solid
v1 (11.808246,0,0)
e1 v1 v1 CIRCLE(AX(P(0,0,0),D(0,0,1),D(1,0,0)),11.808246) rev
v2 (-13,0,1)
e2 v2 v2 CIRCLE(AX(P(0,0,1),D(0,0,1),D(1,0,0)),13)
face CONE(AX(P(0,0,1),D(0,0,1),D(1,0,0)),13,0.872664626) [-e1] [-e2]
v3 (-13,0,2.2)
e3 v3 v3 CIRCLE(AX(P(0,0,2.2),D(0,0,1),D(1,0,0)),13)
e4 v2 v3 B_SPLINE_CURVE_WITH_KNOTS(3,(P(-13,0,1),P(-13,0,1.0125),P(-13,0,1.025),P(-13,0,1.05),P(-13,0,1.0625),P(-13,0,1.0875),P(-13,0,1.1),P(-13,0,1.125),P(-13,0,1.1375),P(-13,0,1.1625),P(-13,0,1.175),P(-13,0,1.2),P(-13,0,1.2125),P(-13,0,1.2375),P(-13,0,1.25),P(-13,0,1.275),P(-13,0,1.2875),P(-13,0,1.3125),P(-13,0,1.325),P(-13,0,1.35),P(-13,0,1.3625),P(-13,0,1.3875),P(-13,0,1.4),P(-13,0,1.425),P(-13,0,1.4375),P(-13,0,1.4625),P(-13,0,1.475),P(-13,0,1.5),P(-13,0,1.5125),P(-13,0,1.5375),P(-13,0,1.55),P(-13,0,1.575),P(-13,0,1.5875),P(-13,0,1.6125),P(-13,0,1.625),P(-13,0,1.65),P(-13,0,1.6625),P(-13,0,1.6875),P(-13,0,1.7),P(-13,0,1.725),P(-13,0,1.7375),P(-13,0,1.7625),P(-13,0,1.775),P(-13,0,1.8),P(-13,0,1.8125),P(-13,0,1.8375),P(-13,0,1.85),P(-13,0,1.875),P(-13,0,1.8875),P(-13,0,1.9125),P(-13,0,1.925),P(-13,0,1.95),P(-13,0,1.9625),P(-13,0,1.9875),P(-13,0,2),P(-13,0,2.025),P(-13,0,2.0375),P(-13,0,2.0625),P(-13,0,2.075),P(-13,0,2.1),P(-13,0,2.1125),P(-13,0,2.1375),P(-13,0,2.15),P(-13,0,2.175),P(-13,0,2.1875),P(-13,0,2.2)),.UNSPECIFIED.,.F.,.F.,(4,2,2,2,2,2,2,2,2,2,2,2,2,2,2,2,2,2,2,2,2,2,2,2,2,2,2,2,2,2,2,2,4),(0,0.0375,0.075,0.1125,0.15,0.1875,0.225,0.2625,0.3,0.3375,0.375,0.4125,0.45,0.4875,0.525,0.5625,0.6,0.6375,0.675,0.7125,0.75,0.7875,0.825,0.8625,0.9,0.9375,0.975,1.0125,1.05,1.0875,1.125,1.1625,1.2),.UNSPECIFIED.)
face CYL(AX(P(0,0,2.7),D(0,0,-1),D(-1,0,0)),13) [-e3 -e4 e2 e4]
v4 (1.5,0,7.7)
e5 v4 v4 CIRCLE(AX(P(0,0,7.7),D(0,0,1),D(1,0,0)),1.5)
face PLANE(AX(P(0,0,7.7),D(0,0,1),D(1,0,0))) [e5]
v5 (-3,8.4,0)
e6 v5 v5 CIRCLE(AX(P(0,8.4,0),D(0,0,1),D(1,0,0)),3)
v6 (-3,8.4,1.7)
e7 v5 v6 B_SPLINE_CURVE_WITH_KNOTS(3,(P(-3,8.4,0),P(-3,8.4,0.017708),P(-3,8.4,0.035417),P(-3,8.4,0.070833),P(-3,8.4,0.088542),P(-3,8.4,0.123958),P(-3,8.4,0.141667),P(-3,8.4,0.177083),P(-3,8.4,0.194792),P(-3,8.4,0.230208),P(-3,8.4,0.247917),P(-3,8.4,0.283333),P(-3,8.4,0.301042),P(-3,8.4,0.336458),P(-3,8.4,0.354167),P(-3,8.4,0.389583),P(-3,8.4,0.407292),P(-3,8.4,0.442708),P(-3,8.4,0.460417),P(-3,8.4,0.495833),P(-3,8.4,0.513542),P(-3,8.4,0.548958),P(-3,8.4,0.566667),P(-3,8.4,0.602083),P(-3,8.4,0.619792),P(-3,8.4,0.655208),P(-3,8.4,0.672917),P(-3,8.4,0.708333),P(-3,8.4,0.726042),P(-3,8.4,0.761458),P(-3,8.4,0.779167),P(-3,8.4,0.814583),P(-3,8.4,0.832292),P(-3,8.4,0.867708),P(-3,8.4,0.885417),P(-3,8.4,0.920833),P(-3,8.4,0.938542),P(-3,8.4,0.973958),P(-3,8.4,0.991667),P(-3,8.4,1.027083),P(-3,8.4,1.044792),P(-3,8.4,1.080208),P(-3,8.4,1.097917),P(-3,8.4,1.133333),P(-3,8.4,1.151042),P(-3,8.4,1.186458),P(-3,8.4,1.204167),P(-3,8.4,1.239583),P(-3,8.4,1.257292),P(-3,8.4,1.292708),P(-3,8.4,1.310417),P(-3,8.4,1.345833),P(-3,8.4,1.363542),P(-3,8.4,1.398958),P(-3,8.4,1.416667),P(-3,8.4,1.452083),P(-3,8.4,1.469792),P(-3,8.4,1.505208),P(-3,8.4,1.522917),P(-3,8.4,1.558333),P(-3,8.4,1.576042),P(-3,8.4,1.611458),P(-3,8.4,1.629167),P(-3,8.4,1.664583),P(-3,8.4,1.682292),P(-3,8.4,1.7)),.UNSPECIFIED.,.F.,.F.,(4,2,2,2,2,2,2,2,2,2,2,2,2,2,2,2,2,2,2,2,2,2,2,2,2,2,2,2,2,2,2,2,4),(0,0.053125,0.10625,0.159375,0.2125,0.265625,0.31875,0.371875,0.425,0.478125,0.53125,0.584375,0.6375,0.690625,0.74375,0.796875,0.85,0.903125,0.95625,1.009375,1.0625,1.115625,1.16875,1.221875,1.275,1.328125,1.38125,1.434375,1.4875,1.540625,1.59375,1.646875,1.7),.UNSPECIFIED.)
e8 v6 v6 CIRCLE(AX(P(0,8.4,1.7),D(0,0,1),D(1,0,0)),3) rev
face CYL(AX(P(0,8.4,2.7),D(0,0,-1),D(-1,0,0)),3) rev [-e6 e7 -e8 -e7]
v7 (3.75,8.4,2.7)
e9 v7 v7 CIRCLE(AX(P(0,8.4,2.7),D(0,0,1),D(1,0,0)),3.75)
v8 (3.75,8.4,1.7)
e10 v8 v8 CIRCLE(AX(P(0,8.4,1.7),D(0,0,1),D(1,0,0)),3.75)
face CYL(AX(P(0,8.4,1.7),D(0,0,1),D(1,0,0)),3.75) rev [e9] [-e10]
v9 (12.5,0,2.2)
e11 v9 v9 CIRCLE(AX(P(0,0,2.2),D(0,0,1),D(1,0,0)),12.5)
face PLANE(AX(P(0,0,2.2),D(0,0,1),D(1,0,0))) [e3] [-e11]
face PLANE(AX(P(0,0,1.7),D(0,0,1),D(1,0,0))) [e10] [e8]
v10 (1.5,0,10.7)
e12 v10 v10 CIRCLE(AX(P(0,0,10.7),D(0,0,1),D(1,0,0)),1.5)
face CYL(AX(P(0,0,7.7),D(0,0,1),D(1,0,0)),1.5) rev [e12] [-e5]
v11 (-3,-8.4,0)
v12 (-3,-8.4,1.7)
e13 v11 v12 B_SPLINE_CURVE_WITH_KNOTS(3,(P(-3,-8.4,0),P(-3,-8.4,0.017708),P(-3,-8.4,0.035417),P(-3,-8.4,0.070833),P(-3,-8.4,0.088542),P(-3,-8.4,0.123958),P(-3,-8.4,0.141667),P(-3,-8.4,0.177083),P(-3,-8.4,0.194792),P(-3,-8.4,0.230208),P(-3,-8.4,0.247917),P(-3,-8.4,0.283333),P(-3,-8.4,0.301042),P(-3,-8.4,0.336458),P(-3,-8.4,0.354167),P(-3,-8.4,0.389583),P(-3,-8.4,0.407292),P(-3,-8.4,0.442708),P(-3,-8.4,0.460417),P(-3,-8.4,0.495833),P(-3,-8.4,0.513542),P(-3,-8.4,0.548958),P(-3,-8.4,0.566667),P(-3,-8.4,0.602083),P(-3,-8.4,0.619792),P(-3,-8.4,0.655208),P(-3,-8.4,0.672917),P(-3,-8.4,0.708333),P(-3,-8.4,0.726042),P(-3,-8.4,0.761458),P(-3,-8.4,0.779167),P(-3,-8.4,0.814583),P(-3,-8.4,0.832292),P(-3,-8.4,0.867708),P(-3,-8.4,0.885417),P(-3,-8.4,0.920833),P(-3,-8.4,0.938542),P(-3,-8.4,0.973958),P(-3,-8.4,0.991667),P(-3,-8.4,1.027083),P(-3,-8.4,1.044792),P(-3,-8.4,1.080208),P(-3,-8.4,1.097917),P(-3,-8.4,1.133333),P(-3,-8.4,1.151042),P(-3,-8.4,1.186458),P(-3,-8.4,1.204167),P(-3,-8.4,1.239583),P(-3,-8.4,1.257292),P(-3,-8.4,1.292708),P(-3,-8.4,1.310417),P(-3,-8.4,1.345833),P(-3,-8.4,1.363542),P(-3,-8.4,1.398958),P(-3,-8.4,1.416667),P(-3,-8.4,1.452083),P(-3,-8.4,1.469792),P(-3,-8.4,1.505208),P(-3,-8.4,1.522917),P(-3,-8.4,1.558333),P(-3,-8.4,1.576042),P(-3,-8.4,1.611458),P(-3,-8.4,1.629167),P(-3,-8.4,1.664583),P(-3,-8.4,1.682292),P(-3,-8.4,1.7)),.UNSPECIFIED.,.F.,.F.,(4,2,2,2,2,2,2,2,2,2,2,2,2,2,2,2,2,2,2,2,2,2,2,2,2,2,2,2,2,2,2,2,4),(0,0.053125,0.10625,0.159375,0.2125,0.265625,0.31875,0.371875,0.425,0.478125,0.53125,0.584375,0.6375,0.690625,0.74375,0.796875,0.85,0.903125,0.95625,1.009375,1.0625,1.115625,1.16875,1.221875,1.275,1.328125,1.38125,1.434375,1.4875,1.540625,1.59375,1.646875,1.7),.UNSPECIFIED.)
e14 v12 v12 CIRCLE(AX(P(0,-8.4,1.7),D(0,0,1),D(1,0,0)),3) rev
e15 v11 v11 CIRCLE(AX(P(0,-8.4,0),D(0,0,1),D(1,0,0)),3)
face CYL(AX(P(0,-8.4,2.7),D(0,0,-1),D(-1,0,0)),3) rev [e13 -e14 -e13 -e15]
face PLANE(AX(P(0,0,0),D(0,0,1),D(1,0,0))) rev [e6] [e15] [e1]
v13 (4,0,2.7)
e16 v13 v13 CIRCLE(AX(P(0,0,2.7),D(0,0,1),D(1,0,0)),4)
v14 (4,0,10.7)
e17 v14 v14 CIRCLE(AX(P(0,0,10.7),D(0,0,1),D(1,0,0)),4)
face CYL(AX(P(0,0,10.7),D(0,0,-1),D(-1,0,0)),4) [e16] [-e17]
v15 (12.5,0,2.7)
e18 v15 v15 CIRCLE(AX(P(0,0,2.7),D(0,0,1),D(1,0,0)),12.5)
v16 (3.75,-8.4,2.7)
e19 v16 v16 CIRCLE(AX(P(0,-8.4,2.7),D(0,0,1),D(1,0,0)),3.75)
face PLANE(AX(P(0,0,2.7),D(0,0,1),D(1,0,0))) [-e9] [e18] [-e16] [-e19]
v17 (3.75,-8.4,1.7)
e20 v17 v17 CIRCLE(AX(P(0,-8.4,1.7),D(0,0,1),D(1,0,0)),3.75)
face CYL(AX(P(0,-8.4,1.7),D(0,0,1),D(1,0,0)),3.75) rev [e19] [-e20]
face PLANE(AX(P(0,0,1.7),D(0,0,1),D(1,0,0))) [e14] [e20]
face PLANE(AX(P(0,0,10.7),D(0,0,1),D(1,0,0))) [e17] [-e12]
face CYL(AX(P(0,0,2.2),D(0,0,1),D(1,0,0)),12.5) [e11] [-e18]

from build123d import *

# Parameters (mm, degrees)
ESQUISSE1_R             = 13
ESQUISSE1_R_2           = 3
BOSS_EXTRU_1_DEPTH      = 2.7
CHANFREIN1_SIZE         = 1
CHANFREIN1_SIZE2        = 1.191753593
ESQUISSE3_R             = 3.75
ENL_V_MAT_EXTRU_1_DEPTH = 1
ESQUISSE5_R             = 17.5
ESQUISSE5_R_2           = 12.5
ENL_V_MAT_EXTRU_3_DEPTH = 0.5
ESQUISSE7_R             = 4
BOSS_EXTRU_2_DEPTH      = 8
ESQUISSE8_R             = 1.5
ENL_V_MAT_EXTRU_5_DEPTH = 3


with BuildPart() as part:
    # Esquisse1 → Boss.-Extru.1 (new body)
    with BuildSketch(Plane.XY):
        Circle(ESQUISSE1_R)
        with Locations((0, -8.4)):
            Circle(ESQUISSE1_R_2, mode=Mode.SUBTRACT)
        with Locations((0, 8.4)):
            Circle(ESQUISSE1_R_2, mode=Mode.SUBTRACT)
    extrude(amount=BOSS_EXTRU_1_DEPTH)

    # Chanfrein1
    chanfrein1_edges = [part.edges().sort_by_distance(p)[0] for p in [
        (-13, 0, 0),
    ]]
    chanfrein1_side = [part.faces().sort_by_distance(p)[0] for p in [
        (-13, 0, 1.35),
    ]]
    chamfer(chanfrein1_edges, length=CHANFREIN1_SIZE, length2=CHANFREIN1_SIZE2, reference=chanfrein1_side[0])

    # Esquisse3 → Enlèv. mat.-Extru.1 (cut)
    with BuildSketch(Plane.XY.offset(2.7)):
        with Locations((0, 8.4)):
            Circle(ESQUISSE3_R)
        with Locations((0, -8.4)):
            Circle(ESQUISSE3_R)
    extrude(amount=-ENL_V_MAT_EXTRU_1_DEPTH, mode=Mode.SUBTRACT)

    # Esquisse5 → Enlèv. mat.-Extru.3 (cut)
    with BuildSketch(Plane.XY.offset(2.7)):
        Circle(ESQUISSE5_R)
        Circle(ESQUISSE5_R_2, mode=Mode.SUBTRACT)
    extrude(amount=-ENL_V_MAT_EXTRU_3_DEPTH, mode=Mode.SUBTRACT)

    # Esquisse7 → Boss.-Extru.2 (add)
    with BuildSketch(Plane.XY.offset(2.7)):
        Circle(ESQUISSE7_R)
    extrude(amount=BOSS_EXTRU_2_DEPTH)

    # Esquisse8 → Enlèv. mat.-Extru.5 (cut)
    with BuildSketch(Plane.XY.offset(10.7)):
        Circle(ESQUISSE8_R)
    extrude(amount=-ENL_V_MAT_EXTRU_5_DEPTH, mode=Mode.SUBTRACT)


solid = part.part
